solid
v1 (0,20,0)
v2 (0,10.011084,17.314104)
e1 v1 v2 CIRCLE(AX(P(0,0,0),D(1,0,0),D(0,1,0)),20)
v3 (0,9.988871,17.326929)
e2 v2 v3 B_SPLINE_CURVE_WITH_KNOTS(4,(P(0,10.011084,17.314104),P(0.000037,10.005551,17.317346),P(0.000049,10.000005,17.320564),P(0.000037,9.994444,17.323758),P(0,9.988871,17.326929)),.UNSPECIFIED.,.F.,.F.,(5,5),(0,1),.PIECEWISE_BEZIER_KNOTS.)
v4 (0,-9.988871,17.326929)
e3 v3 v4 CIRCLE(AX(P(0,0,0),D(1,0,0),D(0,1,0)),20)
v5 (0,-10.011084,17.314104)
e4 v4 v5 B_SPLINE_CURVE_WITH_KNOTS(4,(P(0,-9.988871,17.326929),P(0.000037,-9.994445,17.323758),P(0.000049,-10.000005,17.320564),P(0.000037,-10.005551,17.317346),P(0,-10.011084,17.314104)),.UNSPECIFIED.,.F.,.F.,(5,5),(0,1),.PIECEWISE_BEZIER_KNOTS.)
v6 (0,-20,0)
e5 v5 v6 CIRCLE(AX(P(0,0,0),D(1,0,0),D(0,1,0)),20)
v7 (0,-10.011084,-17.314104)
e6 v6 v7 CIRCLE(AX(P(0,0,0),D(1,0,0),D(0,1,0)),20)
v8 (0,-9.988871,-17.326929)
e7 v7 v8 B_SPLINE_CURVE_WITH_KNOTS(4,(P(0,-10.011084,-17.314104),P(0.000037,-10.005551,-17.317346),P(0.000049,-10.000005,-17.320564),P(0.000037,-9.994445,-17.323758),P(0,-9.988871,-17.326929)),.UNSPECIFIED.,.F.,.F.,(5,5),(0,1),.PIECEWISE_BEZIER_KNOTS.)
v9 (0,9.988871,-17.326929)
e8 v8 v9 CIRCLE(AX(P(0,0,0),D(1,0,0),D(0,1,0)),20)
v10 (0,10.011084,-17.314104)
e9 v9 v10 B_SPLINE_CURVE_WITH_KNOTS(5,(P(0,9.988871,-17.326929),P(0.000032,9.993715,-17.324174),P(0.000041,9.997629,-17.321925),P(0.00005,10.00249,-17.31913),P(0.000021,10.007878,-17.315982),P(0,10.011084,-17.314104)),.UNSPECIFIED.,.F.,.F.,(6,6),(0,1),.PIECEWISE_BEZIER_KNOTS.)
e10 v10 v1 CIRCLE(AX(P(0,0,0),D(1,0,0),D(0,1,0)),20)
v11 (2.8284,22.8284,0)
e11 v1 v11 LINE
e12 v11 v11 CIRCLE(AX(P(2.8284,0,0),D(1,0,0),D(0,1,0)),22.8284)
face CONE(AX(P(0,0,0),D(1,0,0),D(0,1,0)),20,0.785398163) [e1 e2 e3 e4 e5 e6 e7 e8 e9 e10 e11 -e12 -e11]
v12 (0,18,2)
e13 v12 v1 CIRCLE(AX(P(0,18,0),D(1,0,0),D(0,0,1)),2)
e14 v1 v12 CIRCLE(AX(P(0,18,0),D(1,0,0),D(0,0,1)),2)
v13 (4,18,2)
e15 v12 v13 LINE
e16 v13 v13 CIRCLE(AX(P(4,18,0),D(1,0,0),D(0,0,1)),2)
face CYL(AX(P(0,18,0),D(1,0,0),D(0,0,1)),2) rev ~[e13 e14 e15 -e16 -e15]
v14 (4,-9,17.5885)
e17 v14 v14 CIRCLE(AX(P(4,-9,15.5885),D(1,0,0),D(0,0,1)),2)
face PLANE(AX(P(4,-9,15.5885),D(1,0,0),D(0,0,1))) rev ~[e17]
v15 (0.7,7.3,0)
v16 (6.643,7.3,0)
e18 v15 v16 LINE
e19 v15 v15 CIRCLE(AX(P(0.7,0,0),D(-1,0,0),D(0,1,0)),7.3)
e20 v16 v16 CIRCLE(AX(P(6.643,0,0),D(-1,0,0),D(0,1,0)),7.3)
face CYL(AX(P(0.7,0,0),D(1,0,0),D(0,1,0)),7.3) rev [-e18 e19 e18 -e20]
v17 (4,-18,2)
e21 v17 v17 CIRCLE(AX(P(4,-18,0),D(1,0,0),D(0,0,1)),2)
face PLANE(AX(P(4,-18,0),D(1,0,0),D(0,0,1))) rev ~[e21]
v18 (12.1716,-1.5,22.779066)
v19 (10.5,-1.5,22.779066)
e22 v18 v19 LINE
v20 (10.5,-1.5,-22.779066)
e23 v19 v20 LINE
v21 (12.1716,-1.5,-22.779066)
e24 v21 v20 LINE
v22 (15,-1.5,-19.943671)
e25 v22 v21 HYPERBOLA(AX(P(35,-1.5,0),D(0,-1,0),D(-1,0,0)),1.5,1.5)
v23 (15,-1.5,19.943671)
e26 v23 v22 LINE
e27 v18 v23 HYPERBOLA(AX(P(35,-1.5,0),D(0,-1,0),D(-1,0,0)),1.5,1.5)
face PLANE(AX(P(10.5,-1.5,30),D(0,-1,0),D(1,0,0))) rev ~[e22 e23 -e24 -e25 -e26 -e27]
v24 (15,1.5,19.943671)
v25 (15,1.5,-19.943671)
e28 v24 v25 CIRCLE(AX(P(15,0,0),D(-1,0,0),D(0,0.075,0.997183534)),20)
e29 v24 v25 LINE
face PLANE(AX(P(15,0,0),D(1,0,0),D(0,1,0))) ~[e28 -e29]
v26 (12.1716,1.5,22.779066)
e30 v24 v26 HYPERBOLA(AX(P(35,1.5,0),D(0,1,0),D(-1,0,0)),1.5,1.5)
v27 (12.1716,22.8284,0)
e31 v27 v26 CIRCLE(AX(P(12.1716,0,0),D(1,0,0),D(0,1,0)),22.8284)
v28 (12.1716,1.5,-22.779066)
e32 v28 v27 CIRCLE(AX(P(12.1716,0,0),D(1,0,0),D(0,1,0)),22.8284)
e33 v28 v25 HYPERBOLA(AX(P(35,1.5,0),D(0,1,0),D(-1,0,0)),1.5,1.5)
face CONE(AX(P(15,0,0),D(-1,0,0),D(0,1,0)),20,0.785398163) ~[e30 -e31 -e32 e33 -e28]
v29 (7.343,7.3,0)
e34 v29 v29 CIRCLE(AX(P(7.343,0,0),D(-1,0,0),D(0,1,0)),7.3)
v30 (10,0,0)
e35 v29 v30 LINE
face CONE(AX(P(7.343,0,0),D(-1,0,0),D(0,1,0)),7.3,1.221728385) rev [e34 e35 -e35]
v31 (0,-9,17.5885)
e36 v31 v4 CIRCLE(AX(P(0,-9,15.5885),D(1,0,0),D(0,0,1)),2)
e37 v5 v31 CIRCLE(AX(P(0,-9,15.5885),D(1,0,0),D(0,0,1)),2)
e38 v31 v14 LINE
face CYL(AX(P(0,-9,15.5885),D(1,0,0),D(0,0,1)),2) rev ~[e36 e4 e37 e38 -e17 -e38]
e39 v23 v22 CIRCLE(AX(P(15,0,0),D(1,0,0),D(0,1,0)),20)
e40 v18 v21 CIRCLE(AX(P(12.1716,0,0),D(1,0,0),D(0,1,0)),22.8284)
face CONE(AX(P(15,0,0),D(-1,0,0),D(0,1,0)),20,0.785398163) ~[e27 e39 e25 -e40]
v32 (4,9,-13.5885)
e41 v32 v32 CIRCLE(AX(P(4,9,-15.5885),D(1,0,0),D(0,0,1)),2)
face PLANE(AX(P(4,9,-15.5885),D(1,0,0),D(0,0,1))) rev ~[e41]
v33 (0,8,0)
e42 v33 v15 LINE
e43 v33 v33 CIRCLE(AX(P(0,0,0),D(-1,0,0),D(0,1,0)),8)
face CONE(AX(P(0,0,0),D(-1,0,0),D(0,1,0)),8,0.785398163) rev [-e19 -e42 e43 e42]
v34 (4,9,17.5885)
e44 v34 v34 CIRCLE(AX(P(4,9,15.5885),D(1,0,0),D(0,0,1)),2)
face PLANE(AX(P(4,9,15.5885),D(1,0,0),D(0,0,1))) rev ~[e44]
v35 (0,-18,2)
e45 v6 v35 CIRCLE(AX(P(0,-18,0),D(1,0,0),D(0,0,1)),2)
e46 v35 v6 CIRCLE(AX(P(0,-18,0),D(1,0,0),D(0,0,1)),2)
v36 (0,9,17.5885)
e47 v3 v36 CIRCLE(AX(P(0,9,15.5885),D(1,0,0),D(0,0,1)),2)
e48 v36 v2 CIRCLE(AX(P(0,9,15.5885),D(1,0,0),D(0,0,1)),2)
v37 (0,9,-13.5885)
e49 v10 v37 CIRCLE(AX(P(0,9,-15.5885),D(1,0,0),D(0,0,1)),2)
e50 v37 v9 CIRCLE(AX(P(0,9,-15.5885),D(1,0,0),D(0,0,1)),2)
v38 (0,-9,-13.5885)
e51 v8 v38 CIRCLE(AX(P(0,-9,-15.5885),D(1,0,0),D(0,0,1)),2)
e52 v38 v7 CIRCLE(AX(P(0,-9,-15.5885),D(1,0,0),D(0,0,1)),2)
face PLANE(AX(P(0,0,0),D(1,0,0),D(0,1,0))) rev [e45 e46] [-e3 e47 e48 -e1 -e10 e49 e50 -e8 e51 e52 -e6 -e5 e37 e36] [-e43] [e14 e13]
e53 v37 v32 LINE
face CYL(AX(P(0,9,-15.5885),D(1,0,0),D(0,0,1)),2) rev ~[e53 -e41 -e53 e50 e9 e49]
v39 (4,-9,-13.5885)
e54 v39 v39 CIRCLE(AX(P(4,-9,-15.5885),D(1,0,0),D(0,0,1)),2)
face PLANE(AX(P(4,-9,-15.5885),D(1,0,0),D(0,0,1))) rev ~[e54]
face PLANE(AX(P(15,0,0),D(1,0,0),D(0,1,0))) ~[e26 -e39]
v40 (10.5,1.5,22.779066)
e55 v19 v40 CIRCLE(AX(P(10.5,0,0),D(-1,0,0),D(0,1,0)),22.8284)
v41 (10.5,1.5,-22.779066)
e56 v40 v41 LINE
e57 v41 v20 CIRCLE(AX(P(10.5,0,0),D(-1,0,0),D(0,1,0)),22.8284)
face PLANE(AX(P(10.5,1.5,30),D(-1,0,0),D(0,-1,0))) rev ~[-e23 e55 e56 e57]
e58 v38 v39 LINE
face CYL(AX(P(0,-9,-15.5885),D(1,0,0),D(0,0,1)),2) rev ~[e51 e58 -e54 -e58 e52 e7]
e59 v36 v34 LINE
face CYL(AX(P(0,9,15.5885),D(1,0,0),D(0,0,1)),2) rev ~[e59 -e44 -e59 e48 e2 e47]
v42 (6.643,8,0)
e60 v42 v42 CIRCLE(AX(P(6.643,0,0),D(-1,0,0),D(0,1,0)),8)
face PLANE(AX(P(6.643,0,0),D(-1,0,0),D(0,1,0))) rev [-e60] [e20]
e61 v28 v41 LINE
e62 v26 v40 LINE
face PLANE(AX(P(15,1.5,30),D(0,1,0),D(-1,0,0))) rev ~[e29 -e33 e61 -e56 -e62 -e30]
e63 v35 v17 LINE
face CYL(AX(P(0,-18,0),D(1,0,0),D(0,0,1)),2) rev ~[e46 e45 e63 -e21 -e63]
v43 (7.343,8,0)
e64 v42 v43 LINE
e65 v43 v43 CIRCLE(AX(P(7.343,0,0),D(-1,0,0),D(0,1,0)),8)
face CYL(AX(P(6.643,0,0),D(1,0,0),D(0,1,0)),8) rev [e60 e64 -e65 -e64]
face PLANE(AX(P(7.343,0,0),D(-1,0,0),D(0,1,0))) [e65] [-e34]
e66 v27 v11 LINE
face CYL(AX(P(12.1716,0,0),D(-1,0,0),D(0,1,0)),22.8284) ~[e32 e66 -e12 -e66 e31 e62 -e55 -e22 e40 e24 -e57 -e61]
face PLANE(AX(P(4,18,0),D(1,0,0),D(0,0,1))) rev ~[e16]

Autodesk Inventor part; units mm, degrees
ref_plane "YZ Plane" through (0, 0, 0) normal (1, 0, 0) x (0, 1, 0)
ref_plane "XZ Plane" through (0, 0, 0) normal (0, 1, 0) x (-1, 0, 0)
sketch "Эскиз1" plane through (0, 0, 0) normal (0, 0, 1) x (1, 0, 0)
  line L0 (0, 0) -> (0, 20)
  line L1 (0, 20) -> (2.8284, 22.8284)
  line L2 (0, 0) -> (15, 0)
  line L3 (15, 0) -> (15, 20)
  line L4 (15, 20) -> (12.1716, 22.8284)
  line L5 (12.1716, 22.8284) -> (2.8284, 22.8284)
  dimension "d0" = 20
  dimension "d1" = 4
  dimension "d2" = 135
  dimension "d3" = 15
  dimension "d4" = 4
  dimension "d5" = 135
revolve "Вращение1" add sketch "Эскиз1" angle 360 about axis through (0, 0, 0) along (1, 0, 0)
sketch "Эскиз2" plane through (0, 0, 0) normal (-1, 0, 0) x (0, 0, 1)
  point P0 (0, 0)
  point P1 (0, 18)
  point P2 (-15.5885, 9)
  point P3 (-15.5885, -9)
  point P4 (0, -18)
  point P5 (15.5885, -9)
  point P6 (15.5885, 9)
  dimension "d7" = 18
  dimension "d10" = 360
hole "Отверстие1" at (0, 18, 0) at (0, 9, -15.5885) at (0, -9, -15.5885) at (0, -18, 0) at (0, -9, 15.5885) at (0, 9, 15.5885) direction (1, 0, 0) diameter 4 depth 4
sketch "Эскиз3" plane through (0, 0, 0) normal (0, 0, 1) x (1, 0, 0)
  line L0 (0, 0) -> (0, 8)
  line L1 (0, 8) -> (0.7, 7.3)
  line L2 (0, 8) -> (0.9899, 8) construction
  line L3 (0.7, 7.3) -> (6.643, 7.3)
  line L4 (6.643, 7.3) -> (6.643, 8)
  line L5 (6.643, 8) -> (7.343, 8)
  line L6 (7.343, 8) -> (7.343, 7.3)
  line L7 (7.343, 7.3) -> (10, 0)
  line L8 (10, 0) -> (0, 0)
  point P0 (0, 0)
  dimension "d19" = 45
  dimension "d20" = 70
  dimension "d21" = 8
  dimension "d22" = 0.7
  dimension "d23" = 0.7
  dimension "d24" = 10
revolve "Вращение2" cut sketch "Эскиз3" angle 360 about axis through (10, 0, 0) along (-1, 0, 0)
ref_plane "РабПлоскость1" through (0, 0, 30) normal (0, 0, 1) x (1, 0, 0)
sketch "Эскиз4" plane through (0, 0, 30) normal (0, 0, 1) x (1, 0, 0)
  line L0 (15, -20) -> (15, 20) construction
  line L1 (15, 1.5) -> (10.5, 1.5)
  line L2 (10.5, 1.5) -> (10.5, -1.5)
  line L3 (10.5, -1.5) -> (15, -1.5)
  line L4 (15, -1.5) -> (15, 1.5)
  point P0 (0, 0)
  point P1 (15, 0)
  point P2 (15, 0)
  dimension "d27" = 4.5
  dimension "d28" = 3
extrude "Выдавливание1" cut sketch "Эскиз4" against normal through all
properties part number "711137"
